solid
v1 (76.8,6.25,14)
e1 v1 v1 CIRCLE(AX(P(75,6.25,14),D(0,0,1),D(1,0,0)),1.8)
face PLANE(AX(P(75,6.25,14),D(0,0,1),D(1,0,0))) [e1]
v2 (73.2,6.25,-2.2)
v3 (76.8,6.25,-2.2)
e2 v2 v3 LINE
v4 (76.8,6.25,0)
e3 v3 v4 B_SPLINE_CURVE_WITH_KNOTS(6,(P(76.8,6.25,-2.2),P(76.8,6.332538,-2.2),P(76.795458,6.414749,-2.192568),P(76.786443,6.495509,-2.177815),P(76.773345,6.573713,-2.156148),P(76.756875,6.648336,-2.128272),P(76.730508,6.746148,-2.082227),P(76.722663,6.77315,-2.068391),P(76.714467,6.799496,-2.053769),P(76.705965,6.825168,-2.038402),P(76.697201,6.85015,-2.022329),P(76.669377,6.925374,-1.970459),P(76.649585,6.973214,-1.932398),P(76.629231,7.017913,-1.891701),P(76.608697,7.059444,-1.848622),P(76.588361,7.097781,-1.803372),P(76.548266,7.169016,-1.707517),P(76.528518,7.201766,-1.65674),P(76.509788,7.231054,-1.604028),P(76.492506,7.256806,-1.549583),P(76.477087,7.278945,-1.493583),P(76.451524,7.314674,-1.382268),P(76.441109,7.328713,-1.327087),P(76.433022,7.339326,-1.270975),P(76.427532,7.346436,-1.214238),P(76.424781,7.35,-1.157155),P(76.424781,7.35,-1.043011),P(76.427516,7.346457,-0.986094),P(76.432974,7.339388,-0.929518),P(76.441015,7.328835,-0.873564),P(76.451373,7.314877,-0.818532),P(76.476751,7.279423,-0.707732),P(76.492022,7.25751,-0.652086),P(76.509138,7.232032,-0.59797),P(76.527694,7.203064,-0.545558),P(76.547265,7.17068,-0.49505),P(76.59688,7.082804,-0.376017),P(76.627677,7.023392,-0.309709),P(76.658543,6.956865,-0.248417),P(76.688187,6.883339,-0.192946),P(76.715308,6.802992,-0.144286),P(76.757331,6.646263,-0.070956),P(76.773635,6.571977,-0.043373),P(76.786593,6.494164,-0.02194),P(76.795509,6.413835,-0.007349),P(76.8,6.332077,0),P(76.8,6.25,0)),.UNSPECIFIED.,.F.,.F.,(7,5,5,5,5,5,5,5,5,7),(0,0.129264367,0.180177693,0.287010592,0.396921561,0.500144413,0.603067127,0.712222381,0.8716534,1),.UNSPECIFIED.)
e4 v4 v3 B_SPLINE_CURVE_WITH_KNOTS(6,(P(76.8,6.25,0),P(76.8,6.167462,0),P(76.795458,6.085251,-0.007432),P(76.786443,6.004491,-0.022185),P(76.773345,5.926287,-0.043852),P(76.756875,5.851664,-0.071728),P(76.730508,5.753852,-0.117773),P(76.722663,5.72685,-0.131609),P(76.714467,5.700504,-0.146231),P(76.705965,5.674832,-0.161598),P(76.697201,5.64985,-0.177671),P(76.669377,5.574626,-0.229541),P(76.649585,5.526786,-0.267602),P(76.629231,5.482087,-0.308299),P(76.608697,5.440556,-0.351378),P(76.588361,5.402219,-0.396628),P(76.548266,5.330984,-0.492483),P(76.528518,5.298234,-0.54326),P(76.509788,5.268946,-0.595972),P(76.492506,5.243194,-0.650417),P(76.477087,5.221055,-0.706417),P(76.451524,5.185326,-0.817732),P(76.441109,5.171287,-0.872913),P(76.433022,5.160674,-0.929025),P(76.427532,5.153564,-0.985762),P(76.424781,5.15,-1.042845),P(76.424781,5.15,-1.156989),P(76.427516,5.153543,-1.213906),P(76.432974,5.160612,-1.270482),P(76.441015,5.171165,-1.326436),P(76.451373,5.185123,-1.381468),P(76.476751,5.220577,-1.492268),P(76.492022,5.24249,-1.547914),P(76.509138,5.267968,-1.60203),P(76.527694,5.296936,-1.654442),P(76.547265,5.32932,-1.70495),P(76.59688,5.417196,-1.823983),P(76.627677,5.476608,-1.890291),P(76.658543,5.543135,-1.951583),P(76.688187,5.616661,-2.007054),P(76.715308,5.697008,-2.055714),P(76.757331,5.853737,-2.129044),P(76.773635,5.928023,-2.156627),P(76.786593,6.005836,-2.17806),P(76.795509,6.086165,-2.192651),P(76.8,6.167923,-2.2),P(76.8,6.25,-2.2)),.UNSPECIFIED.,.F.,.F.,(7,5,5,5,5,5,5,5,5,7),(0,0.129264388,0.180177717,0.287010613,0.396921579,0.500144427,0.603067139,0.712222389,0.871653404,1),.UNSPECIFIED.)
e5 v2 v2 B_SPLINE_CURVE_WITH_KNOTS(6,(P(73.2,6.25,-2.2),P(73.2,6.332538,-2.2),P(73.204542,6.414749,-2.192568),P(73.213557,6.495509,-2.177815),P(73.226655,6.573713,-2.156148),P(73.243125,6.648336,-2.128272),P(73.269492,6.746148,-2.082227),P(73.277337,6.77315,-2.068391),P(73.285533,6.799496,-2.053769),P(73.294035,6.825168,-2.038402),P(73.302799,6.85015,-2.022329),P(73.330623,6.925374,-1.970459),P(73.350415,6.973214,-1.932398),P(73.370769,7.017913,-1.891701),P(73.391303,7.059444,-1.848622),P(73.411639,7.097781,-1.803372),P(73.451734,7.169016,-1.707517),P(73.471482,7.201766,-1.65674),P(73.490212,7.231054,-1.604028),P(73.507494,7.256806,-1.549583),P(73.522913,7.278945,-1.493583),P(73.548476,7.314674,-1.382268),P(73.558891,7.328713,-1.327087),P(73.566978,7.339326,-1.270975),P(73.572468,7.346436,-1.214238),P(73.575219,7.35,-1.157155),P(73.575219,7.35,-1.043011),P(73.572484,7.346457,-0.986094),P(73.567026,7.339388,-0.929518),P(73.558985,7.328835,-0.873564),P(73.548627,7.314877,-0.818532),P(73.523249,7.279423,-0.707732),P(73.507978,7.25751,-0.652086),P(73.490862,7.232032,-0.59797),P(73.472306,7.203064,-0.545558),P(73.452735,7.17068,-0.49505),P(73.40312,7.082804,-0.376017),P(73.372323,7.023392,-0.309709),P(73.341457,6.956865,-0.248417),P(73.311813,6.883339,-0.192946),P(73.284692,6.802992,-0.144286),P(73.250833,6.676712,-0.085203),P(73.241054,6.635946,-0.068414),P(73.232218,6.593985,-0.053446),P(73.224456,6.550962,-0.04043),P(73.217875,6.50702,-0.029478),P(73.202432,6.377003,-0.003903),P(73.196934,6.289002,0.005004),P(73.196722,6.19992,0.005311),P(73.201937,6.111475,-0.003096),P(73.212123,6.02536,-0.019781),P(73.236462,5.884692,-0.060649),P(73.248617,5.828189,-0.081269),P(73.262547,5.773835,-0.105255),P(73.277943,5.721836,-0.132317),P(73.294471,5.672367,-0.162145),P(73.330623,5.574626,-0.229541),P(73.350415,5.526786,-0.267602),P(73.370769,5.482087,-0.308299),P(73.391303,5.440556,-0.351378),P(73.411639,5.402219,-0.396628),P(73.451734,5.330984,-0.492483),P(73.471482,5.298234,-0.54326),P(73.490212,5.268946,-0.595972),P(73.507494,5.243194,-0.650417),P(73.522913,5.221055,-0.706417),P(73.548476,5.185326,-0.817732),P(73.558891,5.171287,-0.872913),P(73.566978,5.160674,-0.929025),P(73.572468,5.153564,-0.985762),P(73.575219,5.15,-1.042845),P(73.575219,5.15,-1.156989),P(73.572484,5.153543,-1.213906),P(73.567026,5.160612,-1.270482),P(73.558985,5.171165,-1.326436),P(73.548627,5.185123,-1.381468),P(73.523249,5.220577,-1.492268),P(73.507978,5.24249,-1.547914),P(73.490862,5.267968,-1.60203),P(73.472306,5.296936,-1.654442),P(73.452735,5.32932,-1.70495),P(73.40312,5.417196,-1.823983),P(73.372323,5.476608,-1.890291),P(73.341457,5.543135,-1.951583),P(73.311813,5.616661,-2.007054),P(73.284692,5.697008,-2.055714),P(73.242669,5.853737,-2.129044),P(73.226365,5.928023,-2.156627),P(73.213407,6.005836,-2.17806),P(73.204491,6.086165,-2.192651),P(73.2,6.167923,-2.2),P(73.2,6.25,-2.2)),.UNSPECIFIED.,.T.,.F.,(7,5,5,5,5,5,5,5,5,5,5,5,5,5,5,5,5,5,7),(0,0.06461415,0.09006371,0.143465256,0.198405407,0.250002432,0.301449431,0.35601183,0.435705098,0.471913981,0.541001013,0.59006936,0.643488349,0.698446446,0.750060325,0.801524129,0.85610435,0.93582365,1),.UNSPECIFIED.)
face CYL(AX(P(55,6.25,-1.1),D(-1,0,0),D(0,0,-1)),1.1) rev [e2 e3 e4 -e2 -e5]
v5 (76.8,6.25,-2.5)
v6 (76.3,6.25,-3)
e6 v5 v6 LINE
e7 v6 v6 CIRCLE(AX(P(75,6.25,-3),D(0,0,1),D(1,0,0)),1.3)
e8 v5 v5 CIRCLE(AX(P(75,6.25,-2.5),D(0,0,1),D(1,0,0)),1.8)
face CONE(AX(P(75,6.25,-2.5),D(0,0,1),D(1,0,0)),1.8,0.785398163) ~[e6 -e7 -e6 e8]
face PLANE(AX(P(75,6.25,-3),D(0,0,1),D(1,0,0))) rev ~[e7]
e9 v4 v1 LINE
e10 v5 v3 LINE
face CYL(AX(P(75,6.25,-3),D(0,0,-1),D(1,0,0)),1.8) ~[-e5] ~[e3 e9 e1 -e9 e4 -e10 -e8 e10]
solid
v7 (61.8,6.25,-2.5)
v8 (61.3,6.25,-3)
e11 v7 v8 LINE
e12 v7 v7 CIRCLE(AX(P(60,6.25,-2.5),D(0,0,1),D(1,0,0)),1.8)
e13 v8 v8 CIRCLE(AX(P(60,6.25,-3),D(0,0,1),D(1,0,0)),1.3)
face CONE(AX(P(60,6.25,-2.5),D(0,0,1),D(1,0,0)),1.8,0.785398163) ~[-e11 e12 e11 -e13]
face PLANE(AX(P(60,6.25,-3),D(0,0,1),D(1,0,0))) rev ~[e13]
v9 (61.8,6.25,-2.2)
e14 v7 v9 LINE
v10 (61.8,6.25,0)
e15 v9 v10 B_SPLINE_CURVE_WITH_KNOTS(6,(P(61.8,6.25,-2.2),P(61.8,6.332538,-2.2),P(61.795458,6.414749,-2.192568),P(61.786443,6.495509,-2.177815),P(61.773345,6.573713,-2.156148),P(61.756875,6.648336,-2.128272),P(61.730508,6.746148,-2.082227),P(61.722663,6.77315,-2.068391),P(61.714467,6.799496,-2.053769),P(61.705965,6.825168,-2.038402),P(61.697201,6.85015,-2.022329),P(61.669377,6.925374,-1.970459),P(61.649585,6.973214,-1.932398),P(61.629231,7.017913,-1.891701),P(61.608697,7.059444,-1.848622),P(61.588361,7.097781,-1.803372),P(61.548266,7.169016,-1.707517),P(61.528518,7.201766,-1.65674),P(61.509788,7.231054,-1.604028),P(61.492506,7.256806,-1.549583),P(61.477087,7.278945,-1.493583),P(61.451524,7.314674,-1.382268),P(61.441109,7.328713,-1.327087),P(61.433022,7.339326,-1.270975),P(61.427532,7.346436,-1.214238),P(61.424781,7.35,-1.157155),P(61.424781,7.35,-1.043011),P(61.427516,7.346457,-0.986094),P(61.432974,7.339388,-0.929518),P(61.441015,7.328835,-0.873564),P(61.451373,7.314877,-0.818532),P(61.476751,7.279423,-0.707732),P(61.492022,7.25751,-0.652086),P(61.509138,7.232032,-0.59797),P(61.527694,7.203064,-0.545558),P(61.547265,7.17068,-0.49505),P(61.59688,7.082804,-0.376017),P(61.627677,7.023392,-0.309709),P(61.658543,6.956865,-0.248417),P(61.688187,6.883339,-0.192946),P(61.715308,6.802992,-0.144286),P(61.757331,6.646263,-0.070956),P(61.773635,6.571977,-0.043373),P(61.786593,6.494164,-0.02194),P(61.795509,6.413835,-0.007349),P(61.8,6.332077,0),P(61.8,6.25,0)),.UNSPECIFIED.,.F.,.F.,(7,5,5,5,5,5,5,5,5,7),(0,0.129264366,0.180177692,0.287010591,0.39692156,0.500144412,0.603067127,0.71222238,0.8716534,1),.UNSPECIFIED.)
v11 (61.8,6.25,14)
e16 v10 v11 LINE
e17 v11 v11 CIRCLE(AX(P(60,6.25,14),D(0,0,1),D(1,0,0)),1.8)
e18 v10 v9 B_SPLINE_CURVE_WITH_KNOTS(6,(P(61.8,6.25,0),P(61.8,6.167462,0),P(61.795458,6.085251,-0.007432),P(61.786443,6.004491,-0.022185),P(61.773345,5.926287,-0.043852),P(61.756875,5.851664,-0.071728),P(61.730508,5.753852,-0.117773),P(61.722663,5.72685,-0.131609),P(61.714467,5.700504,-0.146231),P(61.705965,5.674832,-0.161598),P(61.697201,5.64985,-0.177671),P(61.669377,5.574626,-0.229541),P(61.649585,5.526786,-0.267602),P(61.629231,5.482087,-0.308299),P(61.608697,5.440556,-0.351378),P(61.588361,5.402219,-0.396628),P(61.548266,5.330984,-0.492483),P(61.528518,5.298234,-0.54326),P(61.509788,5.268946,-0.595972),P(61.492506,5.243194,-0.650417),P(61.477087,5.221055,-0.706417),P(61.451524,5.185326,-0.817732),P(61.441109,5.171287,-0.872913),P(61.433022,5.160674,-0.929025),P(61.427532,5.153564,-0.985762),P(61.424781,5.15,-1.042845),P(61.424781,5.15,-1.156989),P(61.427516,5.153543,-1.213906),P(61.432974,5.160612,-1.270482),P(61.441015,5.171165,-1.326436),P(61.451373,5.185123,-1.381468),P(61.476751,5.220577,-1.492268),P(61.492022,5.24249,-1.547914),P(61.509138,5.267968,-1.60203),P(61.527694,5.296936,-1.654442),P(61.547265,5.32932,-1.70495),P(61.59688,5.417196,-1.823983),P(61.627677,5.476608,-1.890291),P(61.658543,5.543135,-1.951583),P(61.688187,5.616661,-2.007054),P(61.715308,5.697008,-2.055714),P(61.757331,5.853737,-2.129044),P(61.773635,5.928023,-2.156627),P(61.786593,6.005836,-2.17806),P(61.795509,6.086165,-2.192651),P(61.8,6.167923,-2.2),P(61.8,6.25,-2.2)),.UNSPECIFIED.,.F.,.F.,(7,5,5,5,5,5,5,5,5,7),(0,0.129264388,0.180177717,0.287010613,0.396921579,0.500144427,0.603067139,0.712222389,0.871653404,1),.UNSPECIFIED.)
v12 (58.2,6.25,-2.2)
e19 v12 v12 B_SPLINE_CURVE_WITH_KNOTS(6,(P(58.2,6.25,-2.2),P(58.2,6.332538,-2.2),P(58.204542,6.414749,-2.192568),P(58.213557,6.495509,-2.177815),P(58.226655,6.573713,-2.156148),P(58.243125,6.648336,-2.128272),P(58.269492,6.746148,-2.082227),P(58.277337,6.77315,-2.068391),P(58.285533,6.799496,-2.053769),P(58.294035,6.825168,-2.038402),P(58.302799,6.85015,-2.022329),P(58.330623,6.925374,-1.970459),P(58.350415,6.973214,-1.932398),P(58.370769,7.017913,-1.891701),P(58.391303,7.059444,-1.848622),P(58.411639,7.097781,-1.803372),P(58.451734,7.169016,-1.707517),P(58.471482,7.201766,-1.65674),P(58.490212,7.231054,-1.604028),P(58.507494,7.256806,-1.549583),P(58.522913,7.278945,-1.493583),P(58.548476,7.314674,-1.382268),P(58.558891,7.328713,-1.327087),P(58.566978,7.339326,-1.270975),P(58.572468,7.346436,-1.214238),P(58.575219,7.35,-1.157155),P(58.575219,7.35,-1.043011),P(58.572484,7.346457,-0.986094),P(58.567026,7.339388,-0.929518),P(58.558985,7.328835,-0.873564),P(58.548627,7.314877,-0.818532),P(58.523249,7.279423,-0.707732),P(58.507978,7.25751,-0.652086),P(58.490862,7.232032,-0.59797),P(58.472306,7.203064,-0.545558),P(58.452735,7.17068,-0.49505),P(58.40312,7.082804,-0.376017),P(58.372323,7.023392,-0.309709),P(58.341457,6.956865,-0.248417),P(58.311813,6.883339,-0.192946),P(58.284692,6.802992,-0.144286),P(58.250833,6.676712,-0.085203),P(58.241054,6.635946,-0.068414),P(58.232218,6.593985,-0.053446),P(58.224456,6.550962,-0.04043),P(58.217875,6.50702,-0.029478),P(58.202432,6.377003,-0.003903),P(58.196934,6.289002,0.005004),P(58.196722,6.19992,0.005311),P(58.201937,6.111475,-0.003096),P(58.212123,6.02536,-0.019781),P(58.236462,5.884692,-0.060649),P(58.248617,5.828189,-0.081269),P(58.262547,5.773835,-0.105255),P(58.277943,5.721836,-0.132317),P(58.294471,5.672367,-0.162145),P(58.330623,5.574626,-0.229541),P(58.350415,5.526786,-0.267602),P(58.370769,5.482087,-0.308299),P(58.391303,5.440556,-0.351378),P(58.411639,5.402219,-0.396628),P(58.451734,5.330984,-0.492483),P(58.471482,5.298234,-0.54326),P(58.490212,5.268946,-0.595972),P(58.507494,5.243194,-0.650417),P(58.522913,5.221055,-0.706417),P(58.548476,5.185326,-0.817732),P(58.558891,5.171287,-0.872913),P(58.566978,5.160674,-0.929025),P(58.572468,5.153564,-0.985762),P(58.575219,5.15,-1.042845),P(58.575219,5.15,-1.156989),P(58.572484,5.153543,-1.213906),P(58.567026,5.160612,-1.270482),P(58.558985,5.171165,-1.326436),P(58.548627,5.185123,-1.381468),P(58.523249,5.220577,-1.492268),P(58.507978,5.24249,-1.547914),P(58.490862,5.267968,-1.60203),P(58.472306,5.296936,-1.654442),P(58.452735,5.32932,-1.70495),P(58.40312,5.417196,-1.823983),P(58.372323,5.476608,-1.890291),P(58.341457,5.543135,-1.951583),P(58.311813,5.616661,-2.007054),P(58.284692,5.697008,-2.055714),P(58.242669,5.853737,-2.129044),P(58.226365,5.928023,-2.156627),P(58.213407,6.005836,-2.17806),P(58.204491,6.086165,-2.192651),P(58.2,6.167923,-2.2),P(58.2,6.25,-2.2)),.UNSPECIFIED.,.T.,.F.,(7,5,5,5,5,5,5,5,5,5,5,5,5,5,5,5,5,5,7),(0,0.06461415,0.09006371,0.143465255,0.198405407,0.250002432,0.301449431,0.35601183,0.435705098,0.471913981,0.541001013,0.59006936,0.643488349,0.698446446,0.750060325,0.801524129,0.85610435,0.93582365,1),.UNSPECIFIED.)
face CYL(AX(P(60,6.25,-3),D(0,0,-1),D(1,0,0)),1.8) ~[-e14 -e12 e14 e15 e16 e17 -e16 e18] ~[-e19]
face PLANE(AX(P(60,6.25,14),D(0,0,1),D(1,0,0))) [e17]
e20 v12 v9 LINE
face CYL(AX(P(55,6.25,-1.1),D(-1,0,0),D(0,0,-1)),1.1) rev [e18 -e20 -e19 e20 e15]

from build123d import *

# Parameters (mm, degrees)
CYLINDER006_R     = 1.1
CYLINDER006_DEPTH = 25
CYLINDER004_R     = 1.8
CYLINDER004_DEPTH = 17
CYLINDER005_R     = 1.8
CYLINDER005_DEPTH = 17
CHAMFER_SIZE      = 0.5


with BuildPart() as orificiotransversalpernos:
    # Cylinder006 → Cylinder006 (new body)
    with BuildSketch(Plane(origin=(55, 6.25, -1.1), x_dir=(0, 0, -1), z_dir=(1, 0, 0))):
        Circle(CYLINDER006_R)
    extrude(amount=CYLINDER006_DEPTH)


with BuildPart() as cylinder004:
    # Cylinder004 → Cylinder004 (new body)
    with BuildSketch(Plane(origin=(75, 6.25, -3), x_dir=(1, 0, 0), z_dir=(0, 0, 1))):
        Circle(CYLINDER004_R)
    extrude(amount=CYLINDER004_DEPTH)


with BuildPart() as pernosplato:
    # Cylinder005 → Cylinder005 (new body)
    with BuildSketch(Plane(origin=(60, 6.25, -3), x_dir=(1, 0, 0), z_dir=(0, 0, 1))):
        Circle(CYLINDER005_R)
    extrude(amount=CYLINDER005_DEPTH)

    # Compound001: union Cylinder004
    add(cylinder004.part)

    # Chamfer
    chamfer_edges = [pernosplato.edges().sort_by_distance(p)[0] for p in [
        (58.2, 6.25, -3),
        (73.2, 6.25, -3),
    ]]
    chamfer(chamfer_edges, length=CHAMFER_SIZE)

    # Cut001: cut OrificioTransversalPernos
    add(orificiotransversalpernos.part, mode=Mode.SUBTRACT)


solid = pernosplato.part
